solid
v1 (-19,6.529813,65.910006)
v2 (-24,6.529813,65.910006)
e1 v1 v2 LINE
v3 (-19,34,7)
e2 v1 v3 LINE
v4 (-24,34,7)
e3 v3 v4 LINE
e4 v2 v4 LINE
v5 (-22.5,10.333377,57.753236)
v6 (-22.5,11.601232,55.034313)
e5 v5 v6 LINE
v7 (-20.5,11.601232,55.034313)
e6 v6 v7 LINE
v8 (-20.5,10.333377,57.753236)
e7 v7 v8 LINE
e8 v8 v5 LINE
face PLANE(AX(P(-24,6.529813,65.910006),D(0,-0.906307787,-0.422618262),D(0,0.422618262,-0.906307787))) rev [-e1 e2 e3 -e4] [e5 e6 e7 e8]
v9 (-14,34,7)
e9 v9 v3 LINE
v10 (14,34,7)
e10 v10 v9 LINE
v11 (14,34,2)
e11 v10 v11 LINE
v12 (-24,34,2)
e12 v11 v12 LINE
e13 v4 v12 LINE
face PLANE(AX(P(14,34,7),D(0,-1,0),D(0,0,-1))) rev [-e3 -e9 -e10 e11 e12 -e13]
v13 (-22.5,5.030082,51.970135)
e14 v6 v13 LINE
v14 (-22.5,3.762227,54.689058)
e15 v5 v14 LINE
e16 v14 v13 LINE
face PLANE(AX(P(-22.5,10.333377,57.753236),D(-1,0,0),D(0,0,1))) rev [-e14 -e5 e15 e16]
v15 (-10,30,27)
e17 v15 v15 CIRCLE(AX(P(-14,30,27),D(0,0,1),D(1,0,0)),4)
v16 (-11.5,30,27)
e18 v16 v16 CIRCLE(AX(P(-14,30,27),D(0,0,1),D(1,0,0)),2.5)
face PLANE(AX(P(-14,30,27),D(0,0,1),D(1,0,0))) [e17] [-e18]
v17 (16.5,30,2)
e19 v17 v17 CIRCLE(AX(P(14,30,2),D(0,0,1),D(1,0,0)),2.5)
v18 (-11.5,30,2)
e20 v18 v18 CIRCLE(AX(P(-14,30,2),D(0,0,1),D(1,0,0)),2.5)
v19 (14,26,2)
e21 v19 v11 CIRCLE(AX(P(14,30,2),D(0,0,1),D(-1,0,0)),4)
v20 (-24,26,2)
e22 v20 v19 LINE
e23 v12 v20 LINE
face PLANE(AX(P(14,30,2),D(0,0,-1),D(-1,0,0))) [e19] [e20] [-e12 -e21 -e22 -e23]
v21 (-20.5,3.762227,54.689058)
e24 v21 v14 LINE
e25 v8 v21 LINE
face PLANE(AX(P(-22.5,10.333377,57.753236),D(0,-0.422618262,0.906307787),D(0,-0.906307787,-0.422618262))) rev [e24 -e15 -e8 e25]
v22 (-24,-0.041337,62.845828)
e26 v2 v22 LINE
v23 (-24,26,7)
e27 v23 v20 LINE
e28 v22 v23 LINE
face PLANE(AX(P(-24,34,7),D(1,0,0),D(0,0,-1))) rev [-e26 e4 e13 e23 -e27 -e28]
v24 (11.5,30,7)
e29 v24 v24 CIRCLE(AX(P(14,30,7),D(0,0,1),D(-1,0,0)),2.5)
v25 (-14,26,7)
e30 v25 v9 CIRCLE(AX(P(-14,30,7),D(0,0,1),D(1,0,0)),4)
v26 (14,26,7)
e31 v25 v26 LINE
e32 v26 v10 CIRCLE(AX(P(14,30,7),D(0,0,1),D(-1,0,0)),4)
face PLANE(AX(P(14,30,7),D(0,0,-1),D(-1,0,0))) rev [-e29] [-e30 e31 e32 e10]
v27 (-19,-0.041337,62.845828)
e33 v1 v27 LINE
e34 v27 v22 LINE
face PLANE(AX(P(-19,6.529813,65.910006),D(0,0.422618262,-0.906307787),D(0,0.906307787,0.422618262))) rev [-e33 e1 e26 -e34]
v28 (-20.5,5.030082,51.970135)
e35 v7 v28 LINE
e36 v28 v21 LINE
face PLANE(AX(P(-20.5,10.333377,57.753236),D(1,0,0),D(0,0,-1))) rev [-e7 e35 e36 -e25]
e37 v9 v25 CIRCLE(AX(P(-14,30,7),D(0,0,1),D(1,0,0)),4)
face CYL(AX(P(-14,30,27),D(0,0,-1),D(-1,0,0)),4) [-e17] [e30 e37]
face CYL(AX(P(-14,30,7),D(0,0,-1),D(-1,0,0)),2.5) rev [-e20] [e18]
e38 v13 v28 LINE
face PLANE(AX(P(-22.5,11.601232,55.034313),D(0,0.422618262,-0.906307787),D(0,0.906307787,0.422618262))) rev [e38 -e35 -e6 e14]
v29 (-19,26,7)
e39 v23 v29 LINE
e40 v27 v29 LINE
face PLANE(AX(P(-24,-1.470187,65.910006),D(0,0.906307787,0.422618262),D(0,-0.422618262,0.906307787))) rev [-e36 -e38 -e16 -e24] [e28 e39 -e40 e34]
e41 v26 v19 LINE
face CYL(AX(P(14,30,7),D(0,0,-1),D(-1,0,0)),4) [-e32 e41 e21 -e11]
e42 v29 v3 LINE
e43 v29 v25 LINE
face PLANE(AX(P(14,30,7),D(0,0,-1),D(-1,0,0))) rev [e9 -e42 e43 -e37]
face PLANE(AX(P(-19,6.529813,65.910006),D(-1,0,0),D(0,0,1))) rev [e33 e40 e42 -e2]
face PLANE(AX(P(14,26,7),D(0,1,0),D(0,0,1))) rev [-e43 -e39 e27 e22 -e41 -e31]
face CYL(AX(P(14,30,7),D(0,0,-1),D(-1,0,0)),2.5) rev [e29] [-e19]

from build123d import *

# Parameters (mm, degrees)
CROQUIS1_R              = 4
CROQUIS1_R_2            = 1.5
CROQUIS1_R_3            = 3.5
CROQUIS1_R_4            = 1
SALIENTE_EXTRUIR1_DEPTH = 2
REDONDEO1_R             = 3
REDONDEO2_R             = 10
REDONDEO3_R             = 2
CROQUIS2_R              = 2.5
SALIENTE_EXTRUIR2_DEPTH = 5
CORTAR_EXTRUIR1_START   = -2
CROQUIS3_W              = 157.769698099
CROQUIS3_H              = 195.926743138
CORTAR_EXTRUIR1_DEPTH   = 2
CROQUIS9_W              = 5
CROQUIS9_H              = 8
SALIENTE_EXTRUIR8_DEPTH = 65
CORTAR_EXTRUIR2_DEPTH   = 5
CROQUIS11_W             = 2
CROQUIS11_H             = 3
CORTAR_EXTRUIR3_DEPTH   = 7.250462
CROQUIS12_R             = 4
CROQUIS12_R_2           = 2.5
SALIENTE_EXTRUIR9_DEPTH = 20


with BuildPart() as part:
    # Croquis1 → Saliente-Extruir1 (new body)
    with BuildSketch(Plane.XY):
        with BuildLine():
            Line((-42.426406871, 42.426406871), (-38.890872965, 45.961940777))
            Line((-38.890872965, 45.961940777), (-31.096194078, 38.16726189))
            Line((-31.096194078, 38.16726189), (-22.653119822, 29.724187634))
            ThreePointArc((-22.653119822, 29.724187634), (-19.456811617, 29.044722177), (-17.535923889, 31.688251973))
            Line((-17.535923889, 31.688251973), (-15, 80))
            Line((-15, 80), (0, 83))
            Line((0, 83), (15, 80))
            Line((15, 80), (17.535923889, 31.688251973))
            ThreePointArc((17.535923889, 31.688251973), (19.456811617, 29.044722177), (22.653119822, 29.724187634))
            Line((22.653119822, 29.724187634), (31.096194078, 38.16726189))
            Line((31.096194078, 38.16726189), (38.890872965, 45.961940777))
            Line((38.890872965, 45.961940777), (42.426406871, 42.426406871))
            Line((42.426406871, 42.426406871), (45.961940777, 38.890872965))
            Line((45.961940777, 38.890872965), (38.16726189, 31.096194078))
            Line((38.16726189, 31.096194078), (28.284271247, 21.213203436))
            ThreePointArc((28.284271247, 21.213203436), (19.497474683, 0), (28.284271247, -21.213203436))
            Line((28.284271247, -21.213203436), (38.16726189, -31.096194078))
            Line((38.16726189, -31.096194078), (45.961940777, -38.890872965))
            Line((45.961940777, -38.890872965), (42.426406871, -42.426406871))
            Line((42.426406871, -42.426406871), (38.890872965, -45.961940777))
            Line((38.890872965, -45.961940777), (31.096194078, -38.16726189))
            Line((31.096194078, -38.16726189), (22.653119822, -29.724187634))
            ThreePointArc((22.653119822, -29.724187634), (19.456811617, -29.044722177), (17.535923889, -31.688251973))
            Line((17.535923889, -31.688251973), (15, -80))
            Line((15, -80), (0, -83))
            Line((0, -83), (-15, -80))
            Line((-15, -80), (-17.535923889, -31.688251973))
            ThreePointArc((-17.535923889, -31.688251973), (-19.456811617, -29.044722177), (-22.653119822, -29.724187634))
            Line((-22.653119822, -29.724187634), (-31.096194078, -38.16726189))
            Line((-31.096194078, -38.16726189), (-38.890872965, -45.961940777))
            Line((-38.890872965, -45.961940777), (-42.426406871, -42.426406871))
            Line((-42.426406871, -42.426406871), (-45.961940777, -38.890872965))
            Line((-45.961940777, -38.890872965), (-38.16726189, -31.096194078))
            Line((-38.16726189, -31.096194078), (-28.284271247, -21.213203436))
            ThreePointArc((-28.284271247, -21.213203436), (-19.497474683, 0), (-28.284271247, 21.213203436))
            Line((-28.284271247, 21.213203436), (-38.16726189, 31.096194078))
            Line((-38.16726189, 31.096194078), (-45.961940777, 38.890872965))
            Line((-45.961940777, 38.890872965), (-42.426406871, 42.426406871))
        make_face()
        with Locations((-15.25, 15.25)):
            Circle(CROQUIS1_R, mode=Mode.SUBTRACT)
        with Locations((-24.04163056, 24.04163056)):
            Circle(CROQUIS1_R_2, mode=Mode.SUBTRACT)
        with Locations((-38.890872965, 38.890872965)):
            Circle(CROQUIS1_R_2, mode=Mode.SUBTRACT)
        with Locations(Location((38.890872965, 38.890872965, 0), (0, 0, 180))):
            Circle(CROQUIS1_R_2, mode=Mode.SUBTRACT)
        with Locations(Location((24.04163056, 24.04163056, 0), (0, 0, 180))):
            Circle(CROQUIS1_R_2, mode=Mode.SUBTRACT)
        with Locations(Location((15.25, 15.25, 0), (0, 0, 180))):
            Circle(CROQUIS1_R, mode=Mode.SUBTRACT)
        with Locations((15.25, -15.25)):
            Circle(CROQUIS1_R, mode=Mode.SUBTRACT)
        with Locations((24.04163056, -24.04163056)):
            Circle(CROQUIS1_R_2, mode=Mode.SUBTRACT)
        with Locations((38.890872965, -38.890872965)):
            Circle(CROQUIS1_R_2, mode=Mode.SUBTRACT)
        with Locations(Location((-15.25, -15.25, 0), (0, 0, 180))):
            Circle(CROQUIS1_R, mode=Mode.SUBTRACT)
        with Locations(Location((-24.04163056, -24.04163056, 0), (0, 0, 180))):
            Circle(CROQUIS1_R_2, mode=Mode.SUBTRACT)
        with Locations(Location((-38.890872965, -38.890872965, 0), (0, 0, 180))):
            Circle(CROQUIS1_R_2, mode=Mode.SUBTRACT)
        Circle(CROQUIS1_R_3, mode=Mode.SUBTRACT)
        with Locations((-11.5, -75)):
            Circle(CROQUIS1_R_2, mode=Mode.SUBTRACT)
        with Locations(Location((-14, 30, 0), (0, 0, 180))):
            Circle(CROQUIS1_R_2, mode=Mode.SUBTRACT)
        with Locations(Location((11.5, -75, 0), (0, 0, 180))):
            Circle(CROQUIS1_R_2, mode=Mode.SUBTRACT)
        with Locations((11.5, 75)):
            Circle(CROQUIS1_R_2, mode=Mode.SUBTRACT)
        with Locations(Location((-11.5, 75, 0), (0, 0, 180))):
            Circle(CROQUIS1_R_2, mode=Mode.SUBTRACT)
        with Locations((14, 30)):
            Circle(CROQUIS1_R_2, mode=Mode.SUBTRACT)
        with Locations(Location((14, -30, 0), (0, 0, 180))):
            Circle(CROQUIS1_R_2, mode=Mode.SUBTRACT)
        with Locations((-14, -30)):
            Circle(CROQUIS1_R_2, mode=Mode.SUBTRACT)
        with Locations((0, 76)):
            Circle(CROQUIS1_R_4, mode=Mode.SUBTRACT)
        with Locations(Location((0, -76, 0), (0, 0, 180))):
            Circle(CROQUIS1_R_4, mode=Mode.SUBTRACT)
        with BuildLine():
            Line((-0.620989881, -15.781703725), (-8.212878231, -22.282027547))
            ThreePointArc((-8.212878231, -22.282027547), (-8.50046857, -23.388327104), (-7.562491222, -24.04163056))
            Line((-7.562491222, -24.04163056), (8.360661842, -24.04163056))
            ThreePointArc((8.360661842, -24.04163056), (9.30628687, -23.36688939), (8.975807622, -22.253217173))
            Line((8.975807622, -22.253217173), (0.644542909, -15.75289335))
            ThreePointArc((0.644542909, -15.75289335), (0.006637615, -15.541565769), (-0.620989881, -15.781703725))
        make_face(mode=Mode.SUBTRACT)
        with BuildLine():
            Line((-7.562491222, 24.04163056), (8.360661842, 24.04163056))
            ThreePointArc((8.360661842, 24.04163056), (9.30628687, 23.36688939), (8.975807622, 22.253217173))
            Line((8.975807622, 22.253217173), (0.644542909, 15.75289335))
            ThreePointArc((0.644542909, 15.75289335), (0.006637615, 15.541565769), (-0.620989881, 15.781703725))
            Line((-0.620989881, 15.781703725), (-8.212878231, 22.282027547))
            ThreePointArc((-8.212878231, 22.282027547), (-8.50046857, 23.388327104), (-7.562491222, 24.04163056))
        make_face(mode=Mode.SUBTRACT)
        Polygon((-10, -70), (10, -70), (0, -54.625), align=None, mode=Mode.SUBTRACT)
        Polygon((0, -48.625), (-10, -33.25), (10, -33.25), align=None, mode=Mode.SUBTRACT)
        Polygon((-13.235898342, -37.299112885), (-11.768175631, -65.260618389), (-3.788893912, -51.823882197), align=None, mode=Mode.SUBTRACT)
        Polygon((3.788893912, -51.823882197), (11.768175631, -65.260618389), (13.235898342, -37.299112885), align=None, mode=Mode.SUBTRACT)
        Polygon((13.235898342, 37.299112885), (11.768175631, 65.260618389), (3.788893912, 51.823882197), align=None, mode=Mode.SUBTRACT)
        Polygon((-3.788893912, 51.823882197), (-11.768175631, 65.260618389), (-13.235898342, 37.299112885), align=None, mode=Mode.SUBTRACT)
        Polygon((-10, 33.25), (10, 33.25), (0, 48.625), align=None, mode=Mode.SUBTRACT)
        Polygon((0, 54.625), (-10, 70), (10, 70), align=None, mode=Mode.SUBTRACT)
    extrude(amount=SALIENTE_EXTRUIR1_DEPTH)

    # Redondeo1
    redondeo1_edges = [part.edges().sort_by_distance(p)[0] for p in [
        (-38.890872965, 45.961940777, 1),
        (-15, 80, 1),
        (15, 80, 1),
        (38.890872965, 45.961940777, 1),
        (45.961940777, 38.890872965, 1),
        (45.961940777, -38.890872965, 1),
        (38.890872965, -45.961940777, 1),
        (15, -80, 1),
        (-15, -80, 1),
        (-38.890872965, -45.961940777, 1),
        (-45.961940777, -38.890872965, 1),
        (-45.961940777, 38.890872965, 1),
    ]]
    fillet(redondeo1_edges, radius=REDONDEO1_R)

    # Redondeo2
    redondeo2_edges = [part.edges().sort_by_distance(p)[0] for p in [
        (0, 83, 1),
        (0, -83, 1),
    ]]
    fillet(redondeo2_edges, radius=REDONDEO2_R)

    # Redondeo3
    redondeo3_edges = [part.edges().sort_by_distance(p)[0] for p in [
        (0, -54.625, 1),
        (-10, -70, 1),
        (10, -70, 1),
        (0, -48.625, 1),
        (10, -33.25, 1),
        (-10, -33.25, 1),
        (-3.788893912, -51.823882197, 1),
        (-13.235898342, -37.299112885, 1),
        (-11.768175631, -65.260618389, 1),
        (13.235898342, -37.299112885, 1),
        (3.788893912, -51.823882197, 1),
        (11.768175631, -65.260618389, 1),
        (3.788893912, 51.823882197, 1),
        (13.235898342, 37.299112885, 1),
        (11.768175631, 65.260618389, 1),
        (-13.235898342, 37.299112885, 1),
        (-3.788893912, 51.823882197, 1),
        (-11.768175631, 65.260618389, 1),
        (0, 48.625, 1),
        (-10, 33.25, 1),
        (10, 33.25, 1),
        (0, 54.625, 1),
        (10, 70, 1),
        (-10, 70, 1),
    ]]
    fillet(redondeo3_edges, radius=REDONDEO3_R)

    # Croquis2 → Saliente-Extruir2 (add)
    with BuildSketch(Plane.XY.offset(2)):
        with BuildLine():
            Line((14, 34), (-14, 34))
            Line((-14, 34), (-24, 34))
            Line((-24, 34), (-24, 26))
            Line((-24, 26), (-14, 26))
            Line((-14, 26), (14, 26))
            ThreePointArc((14, 26), (18, 30), (14, 34))
        make_face()
        with Locations((-14, 30)):
            Circle(CROQUIS2_R, mode=Mode.SUBTRACT)
        with Locations(Location((14, 30, 0), (0, 0, 180))):
            Circle(CROQUIS2_R, mode=Mode.SUBTRACT)
    extrude(amount=SALIENTE_EXTRUIR2_DEPTH)

    # Croquis3 → Cortar-Extruir1 (cut)
    with BuildSketch(Plane.XY.offset(2).offset(CORTAR_EXTRUIR1_START)):
        with Locations((-2.348052334, 2.181833492)):
            Rectangle(CROQUIS3_W, CROQUIS3_H)
    extrude(amount=CORTAR_EXTRUIR1_DEPTH, mode=Mode.SUBTRACT)

    # Croquis9 → Saliente-Extruir8 (add, along a direction that is not the sketch's normal)
    with BuildSketch(Plane.XY.offset(7)):
        with Locations((-21.5, 30)):
            Rectangle(CROQUIS9_W, CROQUIS9_H)
    extrude(amount=SALIENTE_EXTRUIR8_DEPTH, dir=(0, -0.4226182617406976, 0.9063077870366508))

    # Croquis10 → Cortar-Extruir2 (cut)
    with BuildSketch(Plane.ZY.offset(24)):
        Polygon((65.910006157, 6.529812987), (62.845828385, -0.041337452), (65.910006157, -1.470187013), align=None)
    extrude(amount=-CORTAR_EXTRUIR2_DEPTH, mode=Mode.SUBTRACT)

    # Croquis11 → Cortar-Extruir3 (cut)
    with BuildSketch(Plane(origin=(0, 24.037394477, 11.208821127), x_dir=(1, 0, 0), z_dir=(0, -0.9063077870366509, -0.4226182617406975))):
        with Locations((-21.5, 46.47513361)):
            Rectangle(CROQUIS11_W, CROQUIS11_H)
    extrude(amount=-CORTAR_EXTRUIR3_DEPTH, mode=Mode.SUBTRACT)

    # Croquis12 → Saliente-Extruir9 (add)
    with BuildSketch(Plane.XY.offset(7)):
        with Locations(Location((-14, 30, 0), (0, 0, 270))):
            Circle(CROQUIS12_R)
        with Locations((-14, 30)):
            Circle(CROQUIS12_R_2, mode=Mode.SUBTRACT)
    extrude(amount=SALIENTE_EXTRUIR9_DEPTH)


solid = part.part
